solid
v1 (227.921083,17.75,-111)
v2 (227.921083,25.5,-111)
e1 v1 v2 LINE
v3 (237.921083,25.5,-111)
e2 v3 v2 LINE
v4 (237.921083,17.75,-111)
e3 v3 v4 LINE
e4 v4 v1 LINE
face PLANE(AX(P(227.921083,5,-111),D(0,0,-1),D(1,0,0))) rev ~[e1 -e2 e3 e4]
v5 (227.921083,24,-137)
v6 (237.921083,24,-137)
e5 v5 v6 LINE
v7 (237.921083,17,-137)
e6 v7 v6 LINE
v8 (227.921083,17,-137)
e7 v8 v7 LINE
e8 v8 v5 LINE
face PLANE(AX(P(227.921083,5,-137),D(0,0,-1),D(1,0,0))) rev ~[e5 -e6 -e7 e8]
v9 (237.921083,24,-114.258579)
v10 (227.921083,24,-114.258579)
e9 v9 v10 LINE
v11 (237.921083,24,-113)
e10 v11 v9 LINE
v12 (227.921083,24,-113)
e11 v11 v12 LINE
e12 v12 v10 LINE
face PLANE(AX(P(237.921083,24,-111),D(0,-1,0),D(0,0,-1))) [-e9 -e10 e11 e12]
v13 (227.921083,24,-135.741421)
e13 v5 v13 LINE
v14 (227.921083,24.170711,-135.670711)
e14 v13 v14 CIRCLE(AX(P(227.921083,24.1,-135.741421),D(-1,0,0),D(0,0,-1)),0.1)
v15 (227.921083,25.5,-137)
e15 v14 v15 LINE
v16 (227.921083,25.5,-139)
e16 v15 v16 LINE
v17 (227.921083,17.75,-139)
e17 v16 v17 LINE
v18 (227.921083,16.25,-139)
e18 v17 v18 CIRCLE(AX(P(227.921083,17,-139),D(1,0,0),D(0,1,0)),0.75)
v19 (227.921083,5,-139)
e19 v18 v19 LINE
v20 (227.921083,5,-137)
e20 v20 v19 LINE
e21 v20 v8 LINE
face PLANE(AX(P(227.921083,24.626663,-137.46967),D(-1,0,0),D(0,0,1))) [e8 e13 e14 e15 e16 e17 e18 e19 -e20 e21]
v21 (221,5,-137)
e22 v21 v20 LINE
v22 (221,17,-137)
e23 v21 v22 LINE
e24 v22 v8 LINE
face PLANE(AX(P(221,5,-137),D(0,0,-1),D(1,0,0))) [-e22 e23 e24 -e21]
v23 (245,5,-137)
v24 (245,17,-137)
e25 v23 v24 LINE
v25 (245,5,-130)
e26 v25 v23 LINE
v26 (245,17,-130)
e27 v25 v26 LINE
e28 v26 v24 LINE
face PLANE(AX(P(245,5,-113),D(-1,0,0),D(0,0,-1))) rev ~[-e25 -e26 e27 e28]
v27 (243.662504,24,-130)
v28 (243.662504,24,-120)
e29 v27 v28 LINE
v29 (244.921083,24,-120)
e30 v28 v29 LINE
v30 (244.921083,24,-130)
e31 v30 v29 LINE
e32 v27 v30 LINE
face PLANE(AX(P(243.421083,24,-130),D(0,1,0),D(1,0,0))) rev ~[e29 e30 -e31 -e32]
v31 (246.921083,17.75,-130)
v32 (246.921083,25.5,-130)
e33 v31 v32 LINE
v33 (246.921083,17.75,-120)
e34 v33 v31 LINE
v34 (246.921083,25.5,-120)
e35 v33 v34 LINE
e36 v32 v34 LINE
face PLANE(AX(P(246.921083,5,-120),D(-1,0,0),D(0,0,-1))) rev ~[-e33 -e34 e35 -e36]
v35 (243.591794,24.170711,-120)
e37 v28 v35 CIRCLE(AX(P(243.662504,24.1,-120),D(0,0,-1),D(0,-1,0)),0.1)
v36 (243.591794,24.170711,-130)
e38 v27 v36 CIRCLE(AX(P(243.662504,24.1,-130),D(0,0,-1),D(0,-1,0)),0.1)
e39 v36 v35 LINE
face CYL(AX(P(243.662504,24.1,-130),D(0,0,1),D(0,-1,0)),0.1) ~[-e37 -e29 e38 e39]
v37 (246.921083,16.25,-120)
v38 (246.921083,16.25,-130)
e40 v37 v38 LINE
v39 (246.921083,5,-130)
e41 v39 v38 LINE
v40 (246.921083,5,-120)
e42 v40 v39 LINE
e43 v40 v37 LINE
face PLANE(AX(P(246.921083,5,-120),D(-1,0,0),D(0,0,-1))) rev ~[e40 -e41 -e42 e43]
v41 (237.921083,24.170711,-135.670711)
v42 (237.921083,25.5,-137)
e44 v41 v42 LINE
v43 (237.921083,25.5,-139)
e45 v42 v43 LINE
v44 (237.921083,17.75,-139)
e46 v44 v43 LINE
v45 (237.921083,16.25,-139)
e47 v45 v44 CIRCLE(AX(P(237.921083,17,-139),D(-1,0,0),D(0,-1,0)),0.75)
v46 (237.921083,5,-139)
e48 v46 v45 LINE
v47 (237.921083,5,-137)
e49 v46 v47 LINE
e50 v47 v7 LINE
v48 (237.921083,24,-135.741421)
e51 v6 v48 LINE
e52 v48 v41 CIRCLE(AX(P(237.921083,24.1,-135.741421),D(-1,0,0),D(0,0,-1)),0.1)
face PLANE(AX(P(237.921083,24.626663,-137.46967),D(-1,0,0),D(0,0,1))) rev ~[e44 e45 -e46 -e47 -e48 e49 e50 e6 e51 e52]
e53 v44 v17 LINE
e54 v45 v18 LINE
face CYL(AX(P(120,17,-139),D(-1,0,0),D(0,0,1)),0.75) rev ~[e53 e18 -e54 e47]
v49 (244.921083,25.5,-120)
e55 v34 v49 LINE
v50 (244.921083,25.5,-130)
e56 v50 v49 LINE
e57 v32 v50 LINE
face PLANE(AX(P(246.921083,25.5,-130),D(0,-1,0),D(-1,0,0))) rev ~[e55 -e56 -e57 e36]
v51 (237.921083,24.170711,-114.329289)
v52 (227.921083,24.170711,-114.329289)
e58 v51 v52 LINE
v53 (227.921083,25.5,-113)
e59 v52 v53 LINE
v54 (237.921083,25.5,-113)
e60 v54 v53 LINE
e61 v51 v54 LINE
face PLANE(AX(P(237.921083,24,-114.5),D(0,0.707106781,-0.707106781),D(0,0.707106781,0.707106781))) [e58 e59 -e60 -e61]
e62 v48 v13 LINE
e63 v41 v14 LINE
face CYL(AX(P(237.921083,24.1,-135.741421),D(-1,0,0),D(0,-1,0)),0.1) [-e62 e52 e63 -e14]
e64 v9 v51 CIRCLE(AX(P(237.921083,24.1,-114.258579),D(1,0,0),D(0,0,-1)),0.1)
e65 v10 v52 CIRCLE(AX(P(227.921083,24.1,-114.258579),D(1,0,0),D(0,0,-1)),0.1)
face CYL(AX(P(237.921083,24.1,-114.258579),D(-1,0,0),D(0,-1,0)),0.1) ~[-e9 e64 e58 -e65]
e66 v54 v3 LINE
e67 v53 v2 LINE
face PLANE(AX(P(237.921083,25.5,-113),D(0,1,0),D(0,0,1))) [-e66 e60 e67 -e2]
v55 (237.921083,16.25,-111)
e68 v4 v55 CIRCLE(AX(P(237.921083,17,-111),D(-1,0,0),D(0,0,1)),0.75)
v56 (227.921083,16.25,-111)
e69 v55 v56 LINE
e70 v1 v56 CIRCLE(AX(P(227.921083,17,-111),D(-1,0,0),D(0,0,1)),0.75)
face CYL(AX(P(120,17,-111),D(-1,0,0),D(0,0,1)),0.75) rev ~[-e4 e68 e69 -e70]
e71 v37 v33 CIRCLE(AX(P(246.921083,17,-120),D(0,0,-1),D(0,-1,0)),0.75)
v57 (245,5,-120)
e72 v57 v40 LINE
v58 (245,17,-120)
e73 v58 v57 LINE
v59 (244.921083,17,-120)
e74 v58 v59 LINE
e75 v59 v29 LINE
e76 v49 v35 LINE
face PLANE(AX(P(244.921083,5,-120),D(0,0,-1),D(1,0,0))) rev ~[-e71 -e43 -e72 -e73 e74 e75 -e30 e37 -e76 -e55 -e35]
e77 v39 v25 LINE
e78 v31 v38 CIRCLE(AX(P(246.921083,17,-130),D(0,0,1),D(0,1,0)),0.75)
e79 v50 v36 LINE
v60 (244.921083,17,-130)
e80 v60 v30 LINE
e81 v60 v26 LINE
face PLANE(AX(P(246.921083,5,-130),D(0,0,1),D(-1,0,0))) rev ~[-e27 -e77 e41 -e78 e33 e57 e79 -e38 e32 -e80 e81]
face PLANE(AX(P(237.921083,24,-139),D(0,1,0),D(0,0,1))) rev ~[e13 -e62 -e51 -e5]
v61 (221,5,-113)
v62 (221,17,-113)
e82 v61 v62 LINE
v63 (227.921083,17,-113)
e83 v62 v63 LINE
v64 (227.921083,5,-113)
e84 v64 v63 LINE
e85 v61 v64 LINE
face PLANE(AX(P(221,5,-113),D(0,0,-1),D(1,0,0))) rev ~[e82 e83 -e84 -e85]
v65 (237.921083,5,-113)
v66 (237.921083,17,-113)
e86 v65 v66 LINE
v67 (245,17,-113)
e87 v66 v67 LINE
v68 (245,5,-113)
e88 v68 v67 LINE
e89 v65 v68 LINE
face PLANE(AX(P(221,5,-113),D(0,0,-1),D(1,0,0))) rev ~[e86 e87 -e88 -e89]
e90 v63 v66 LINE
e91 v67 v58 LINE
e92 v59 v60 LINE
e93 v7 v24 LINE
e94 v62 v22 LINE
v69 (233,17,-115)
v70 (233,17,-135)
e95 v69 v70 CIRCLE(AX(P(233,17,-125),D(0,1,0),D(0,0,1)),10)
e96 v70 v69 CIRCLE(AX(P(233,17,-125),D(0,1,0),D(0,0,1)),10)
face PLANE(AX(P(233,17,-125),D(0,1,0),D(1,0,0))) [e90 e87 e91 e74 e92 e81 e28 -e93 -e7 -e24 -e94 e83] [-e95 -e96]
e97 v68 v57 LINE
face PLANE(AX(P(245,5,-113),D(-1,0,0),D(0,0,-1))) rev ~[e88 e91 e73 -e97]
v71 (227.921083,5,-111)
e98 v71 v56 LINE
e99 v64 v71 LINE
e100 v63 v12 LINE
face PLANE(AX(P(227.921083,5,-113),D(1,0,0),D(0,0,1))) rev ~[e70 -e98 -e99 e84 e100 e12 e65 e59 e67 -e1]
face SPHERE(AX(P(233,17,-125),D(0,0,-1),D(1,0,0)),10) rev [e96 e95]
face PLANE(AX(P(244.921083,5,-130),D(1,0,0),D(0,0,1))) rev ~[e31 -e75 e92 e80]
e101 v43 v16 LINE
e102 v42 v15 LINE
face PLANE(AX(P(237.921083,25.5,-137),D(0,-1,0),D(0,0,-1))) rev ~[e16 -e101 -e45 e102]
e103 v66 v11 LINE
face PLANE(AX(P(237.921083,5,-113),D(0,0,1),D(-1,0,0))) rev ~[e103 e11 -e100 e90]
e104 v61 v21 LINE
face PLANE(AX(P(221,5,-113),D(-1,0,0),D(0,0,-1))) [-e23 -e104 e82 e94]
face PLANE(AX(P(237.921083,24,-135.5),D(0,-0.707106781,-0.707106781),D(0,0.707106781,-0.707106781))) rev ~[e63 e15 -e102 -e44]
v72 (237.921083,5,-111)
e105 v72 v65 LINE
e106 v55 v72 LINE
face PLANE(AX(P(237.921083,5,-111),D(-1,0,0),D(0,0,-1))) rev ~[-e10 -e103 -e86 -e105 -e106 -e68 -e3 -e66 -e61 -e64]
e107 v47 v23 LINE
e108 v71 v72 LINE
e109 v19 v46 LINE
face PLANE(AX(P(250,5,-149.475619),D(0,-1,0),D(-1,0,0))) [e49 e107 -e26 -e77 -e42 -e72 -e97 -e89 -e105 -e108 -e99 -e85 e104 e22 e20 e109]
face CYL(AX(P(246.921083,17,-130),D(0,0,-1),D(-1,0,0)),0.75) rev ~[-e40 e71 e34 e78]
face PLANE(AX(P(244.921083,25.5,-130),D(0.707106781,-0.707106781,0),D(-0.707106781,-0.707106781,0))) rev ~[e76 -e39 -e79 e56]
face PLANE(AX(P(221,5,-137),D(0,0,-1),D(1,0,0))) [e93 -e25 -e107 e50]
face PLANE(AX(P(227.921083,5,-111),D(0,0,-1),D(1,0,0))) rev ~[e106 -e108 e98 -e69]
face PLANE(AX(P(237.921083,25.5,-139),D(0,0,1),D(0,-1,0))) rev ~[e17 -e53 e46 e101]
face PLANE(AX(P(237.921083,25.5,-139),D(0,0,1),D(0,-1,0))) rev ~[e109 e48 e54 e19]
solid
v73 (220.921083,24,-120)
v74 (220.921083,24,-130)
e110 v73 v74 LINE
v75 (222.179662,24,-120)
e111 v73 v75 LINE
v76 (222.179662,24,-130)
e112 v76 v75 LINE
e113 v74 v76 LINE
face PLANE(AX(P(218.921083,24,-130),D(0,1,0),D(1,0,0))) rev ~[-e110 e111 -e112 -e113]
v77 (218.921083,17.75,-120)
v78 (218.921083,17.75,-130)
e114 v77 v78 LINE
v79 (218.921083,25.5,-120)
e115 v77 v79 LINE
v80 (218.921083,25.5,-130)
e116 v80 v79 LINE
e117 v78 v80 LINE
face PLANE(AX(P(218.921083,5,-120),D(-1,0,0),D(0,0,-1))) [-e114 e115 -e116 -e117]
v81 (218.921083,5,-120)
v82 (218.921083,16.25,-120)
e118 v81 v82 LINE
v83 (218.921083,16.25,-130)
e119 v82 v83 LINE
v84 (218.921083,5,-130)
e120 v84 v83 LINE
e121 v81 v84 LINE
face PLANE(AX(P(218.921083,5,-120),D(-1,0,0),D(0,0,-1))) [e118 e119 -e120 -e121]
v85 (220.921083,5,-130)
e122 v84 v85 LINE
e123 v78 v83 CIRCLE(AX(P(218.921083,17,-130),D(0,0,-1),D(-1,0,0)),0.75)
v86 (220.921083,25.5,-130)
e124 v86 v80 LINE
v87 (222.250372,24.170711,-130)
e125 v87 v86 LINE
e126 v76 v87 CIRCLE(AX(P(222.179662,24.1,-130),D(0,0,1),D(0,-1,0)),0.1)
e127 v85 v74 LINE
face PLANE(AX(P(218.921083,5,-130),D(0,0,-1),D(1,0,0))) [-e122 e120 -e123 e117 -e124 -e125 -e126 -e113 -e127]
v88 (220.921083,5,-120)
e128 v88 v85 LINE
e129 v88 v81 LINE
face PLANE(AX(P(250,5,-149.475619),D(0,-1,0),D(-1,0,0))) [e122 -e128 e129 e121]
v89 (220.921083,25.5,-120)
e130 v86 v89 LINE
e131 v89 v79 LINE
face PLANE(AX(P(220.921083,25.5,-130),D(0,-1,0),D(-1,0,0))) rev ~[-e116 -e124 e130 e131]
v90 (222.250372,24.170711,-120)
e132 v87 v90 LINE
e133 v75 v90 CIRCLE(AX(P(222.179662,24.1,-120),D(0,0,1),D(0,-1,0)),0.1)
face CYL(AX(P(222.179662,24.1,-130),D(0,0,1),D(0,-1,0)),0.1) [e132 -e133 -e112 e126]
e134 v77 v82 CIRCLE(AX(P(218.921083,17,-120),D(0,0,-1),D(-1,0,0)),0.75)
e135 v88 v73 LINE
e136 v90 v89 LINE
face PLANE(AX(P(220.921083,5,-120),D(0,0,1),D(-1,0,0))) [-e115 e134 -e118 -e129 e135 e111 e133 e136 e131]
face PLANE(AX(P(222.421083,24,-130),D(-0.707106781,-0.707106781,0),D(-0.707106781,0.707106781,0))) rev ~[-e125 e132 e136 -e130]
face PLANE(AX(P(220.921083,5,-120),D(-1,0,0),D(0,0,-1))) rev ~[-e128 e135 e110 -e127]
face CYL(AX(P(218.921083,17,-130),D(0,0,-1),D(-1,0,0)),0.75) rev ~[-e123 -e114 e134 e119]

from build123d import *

# Parameters (mm, degrees)
SKETCH1_W               = 250
SKETCH1_H               = 250
BOSS_EXTRUDE1_DEPTH     = 5
SKETCH2_W               = 24
SKETCH2_H               = 24
BOSS_EXTRUDE2_DEPTH     = 12
BOSS_EXTRUDE3_DEPTH     = 19
BOSS_EXTRUDE5_DEPTH     = 10
BOSS_EXTRUDE6_DEPTH     = 10
BOSS_EXTRUDE7_DEPTH     = 10
BOSS_EXTRUDE8_DEPTH     = 10
SKETCH12_R              = 0.75
CUT_EXTRUDE1_DEPTH      = 347.058798176
SKETCH13_R              = 0.75
CUT_EXTRUDE2_DEPTH      = 283.931528819
SKETCH14_R              = 0.75
CUT_EXTRUDE3_DEPTH      = 283.931528819
SKETCH15_R              = 0.75
CUT_EXTRUDE4_DEPTH      = 283.931528819
FILLET1_R               = 0.1
CUT_EXTRUDE5_DEPTH      = 2.3
CUT_EXTRUDE6_DEPTH      = 355.313759259
BOSS_EXTRUDE9_START     = -150
BOSS_EXTRUDE9_DEPTH     = 80
BOSS_EXTRUDE10_START    = 20
BOSS_EXTRUDE10_DEPTH    = 40
BOSS_EXTRUDE11_DEPTH    = 6
SKETCH22_W              = 22.6
SKETCH22_H              = 27
BOSS_EXTRUDE12_DEPTH    = 2
CUT_EXTRUDE7_START      = -4
SKETCH23_W              = 3
SKETCH23_H              = 8
CUT_EXTRUDE7_DEPTH      = 4
CUT_EXTRUDE8_DEPTH      = 6
BOSS_EXTRUDE13_START    = 5
BOSS_EXTRUDE13_DEPTH    = 3
BOSS_EXTRUDE14_START    = 5
BOSS_EXTRUDE14_DEPTH    = 3
CUT_EXTRUDE9_DEPTH      = 355.147215152
CUT_EXTRUDE9_DEPTH_BACK = 355.147215152
SKETCH29_W              = 55.476863103
SKETCH29_H              = 5
CUT_EXTRUDE10_DEPTH     = 257.874477746


with BuildPart() as part:
    # Sketch1 → Boss-Extrude1 (new body)
    with BuildSketch(Plane(origin=(0, 0, 0), x_dir=(1, 0, 0), z_dir=(0, 1, 0))):
        with Locations((125, 125)):
            Rectangle(SKETCH1_W, SKETCH1_H)
    extrude(amount=BOSS_EXTRUDE1_DEPTH)

    # Sketch2 → Boss-Extrude2 (add)
    with BuildSketch(Plane(origin=(0, 5, 0), x_dir=(1, 0, 0), z_dir=(0, 1, 0))):
        with Locations((125, 125)):
            Rectangle(SKETCH2_W, SKETCH2_H)
        with Locations((233, 125)):
            Rectangle(SKETCH2_W, SKETCH2_H)
        with Locations((125, 17.078916875)):
            Rectangle(SKETCH2_W, SKETCH2_H)
    extrude(amount=BOSS_EXTRUDE2_DEPTH)

    # Sketch4 → Cut-Revolve1 (revolve, cut)
    with BuildSketch(Plane(origin=(0, 17, 0), x_dir=(1, 0, 0), z_dir=(0, 1, 0))):
        with BuildLine():
            Line((125, 115), (125, 135))
            ThreePointArc((125, 135), (115, 125), (125, 115))
        make_face()
    revolve(axis=Axis((125, 17, -135), (0, 0, 1)), mode=Mode.SUBTRACT)

    # Sketch4<3> → Cut-Revolve2 (revolve, cut)
    with BuildSketch(Plane(origin=(0, 17, 0), x_dir=(1, 0, 0), z_dir=(0, 1, 0))):
        with BuildLine():
            Line((233, 135), (233, 115))
            ThreePointArc((233, 115), (243, 125), (233, 135))
        make_face()
    revolve(axis=Axis((233, 17, -135), (0, 0, 1)), mode=Mode.SUBTRACT)

    # Sketch4<4> → Cut-Revolve3 (revolve, cut)
    with BuildSketch(Plane(origin=(0, 17, 0), x_dir=(1, 0, 0), z_dir=(0, 1, 0))):
        with BuildLine():
            Line((125, 7), (125, 27))
            ThreePointArc((125, 27), (115, 17), (125, 7))
        make_face()
    revolve(axis=Axis((125, 17, -7), (0, 0, -1)), mode=Mode.SUBTRACT)

    # Sketch5 → Boss-Extrude3 (add)
    with BuildSketch(Plane(origin=(0, 5, 0), x_dir=(1, 0, 0), z_dir=(0, 1, 0))):
        Polygon((125, 137), (130, 137), (130, 139), (120, 139), (120, 137), align=None)
        Polygon((120, 113), (125, 113), (130, 113), (130, 111), (120, 111), align=None)
        Polygon((125, 29.078916875), (130, 29.078916875), (130, 31.078916875), (120, 31.078916875), (120, 29.078916875), align=None)
        Polygon((120, 5.078916875), (125, 5.078916875), (130, 5.078916875), (130, 3.078916875), (120, 3.078916875), align=None)
        Polygon((113, 130), (113, 125), (113, 120), (111, 120), (111, 130), align=None)
        Polygon((137, 125), (137, 120), (139, 120), (139, 130), (137, 130), align=None)
        Polygon((220.921083125, 130), (220.921083125, 125), (220.921083125, 120), (218.921083125, 120), (218.921083125, 130), align=None)
        Polygon((244.921083125, 125), (244.921083125, 120), (246.921083125, 120), (246.921083125, 130), (244.921083125, 130), align=None)
        Polygon((137, 12.078916875), (137, 17.078916875), (137, 22.078916875), (139, 22.078916875), (139, 12.078916875), align=None)
        Polygon((113, 17.078916875), (113, 22.078916875), (111, 22.078916875), (111, 12.078916875), (113, 12.078916875), align=None)
        Polygon((237.921083125, 137), (232.921083125, 137), (227.921083125, 137), (227.921083125, 139), (237.921083125, 139), align=None)
        Polygon((232.921083125, 113), (227.921083125, 113), (227.921083125, 111), (237.921083125, 111), (237.921083125, 113), align=None)
    extrude(amount=BOSS_EXTRUDE3_DEPTH)

    # Sketch8 → Boss-Extrude5 (add)
    with BuildSketch(Plane.ZY.offset(-120)):
        Polygon((-3.078916875, 24), (-6.578916875, 24), (-5.078916875, 25.5), (-3.078916875, 25.5), align=None)
        Polygon((-29.078916875, 25.5), (-27.578916875, 24), (-31.078916875, 24), (-31.078916875, 25.5), align=None)
        Polygon((-111, 24), (-114.5, 24), (-113, 25.5), (-111, 25.5), align=None)
        Polygon((-137, 25.5), (-135.5, 24), (-139, 24), (-139, 25.5), align=None)
    extrude(amount=-BOSS_EXTRUDE5_DEPTH)

    # Sketch9 → Boss-Extrude6 (add)
    with BuildSketch(Plane(origin=(0, 0, -130), x_dir=(-1, 0, 0), z_dir=(0, 0, -1))):
        Polygon((-111, 24), (-114.5, 24), (-113, 25.5), (-111, 25.5), align=None)
        Polygon((-137, 25.5), (-135.5, 24), (-139, 24), (-139, 25.5), align=None)
        Polygon((-218.921083125, 24), (-222.421083125, 24), (-220.921083125, 25.5), (-218.921083125, 25.5), align=None)
        Polygon((-244.921083125, 25.5), (-243.421083125, 24), (-246.921083125, 24), (-246.921083125, 25.5), align=None)
    extrude(amount=-BOSS_EXTRUDE6_DEPTH)

    # Sketch10 → Boss-Extrude7 (add)
    with BuildSketch(Plane(origin=(237.921083125, 0, 0), x_dir=(0, 0, -1), z_dir=(1, 0, 0))):
        Polygon((139, 24), (135.5, 24), (137, 25.5), (139, 25.5), align=None)
        Polygon((111, 25.5), (111, 24), (114.5, 24), (113, 25.5), align=None)
    extrude(amount=-BOSS_EXTRUDE7_DEPTH)

    # Sketch11 → Boss-Extrude8 (add)
    with BuildSketch(Plane.XY.offset(-12.078916875)):
        Polygon((139, 24), (135.5, 24), (137, 25.5), (139, 25.5), align=None)
        Polygon((111, 25.5), (111, 24), (114.5, 24), (113, 25.5), align=None)
    extrude(amount=-BOSS_EXTRUDE8_DEPTH)

    # Sketch12 → Cut-Extrude1 (cut, through all)
    with BuildSketch(Plane.XY.offset(-12.078916875)):
        with Locations((139, 17)):
            Circle(SKETCH12_R)
        with Locations((111, 17)):
            Circle(SKETCH12_R)
    extrude(amount=-CUT_EXTRUDE1_DEPTH, mode=Mode.SUBTRACT)

    # Sketch13 → Cut-Extrude2 (cut, through all)
    with BuildSketch(Plane.ZY.offset(-120)):
        with Locations((-111, 17)):
            Circle(SKETCH13_R)
        with Locations((-139, 17)):
            Circle(SKETCH13_R)
    extrude(amount=-CUT_EXTRUDE2_DEPTH, mode=Mode.SUBTRACT)

    # Sketch14 → Cut-Extrude3 (cut, through all)
    with BuildSketch(Plane(origin=(0, 0, -130), x_dir=(-1, 0, 0), z_dir=(0, 0, -1))):
        with Locations((-218.921083125, 17)):
            Circle(SKETCH14_R)
        with Locations((-246.921083125, 17)):
            Circle(SKETCH14_R)
    extrude(amount=-CUT_EXTRUDE3_DEPTH, mode=Mode.SUBTRACT)

    # Sketch15 → Cut-Extrude4 (cut, through all)
    with BuildSketch(Plane(origin=(130, 0, 0), x_dir=(0, 0, -1), z_dir=(1, 0, 0))):
        with Locations((31.078916875, 17)):
            Circle(SKETCH15_R)
        with Locations((3.078916875, 17)):
            Circle(SKETCH15_R)
    extrude(amount=-CUT_EXTRUDE4_DEPTH, mode=Mode.SUBTRACT)

    # Fillet1
    fillet1_edges = [part.edges().sort_by_distance(p)[0] for p in [
        (232.921083125, 24, -135.5),
        (243.421083125, 24, -125),
        (232.921083125, 24, -114.5),
        (222.421083125, 24, -125),
        (114.5, 24, -125),
        (125, 24, -135.5),
        (125, 24, -114.5),
        (135.5, 24, -125),
        (135.5, 24, -17.078916875),
        (125, 24, -6.578916875),
        (114.5, 24, -17.078916875),
        (125, 24, -27.578916875),
    ]]
    fillet(fillet1_edges, radius=FILLET1_R)

    # Sketch17 → Cut-Extrude5 (cut)
    with BuildSketch(Plane.XZ):
        with BuildLine():
            Line((125.35, -232.7), (124.65, -232.7))
            ThreePointArc((124.65, -232.7), (122.35, -235), (124.65, -237.3))
            Line((124.65, -237.3), (125, -237.3))
            Line((125, -237.3), (125.35, -237.3))
            ThreePointArc((125.35, -237.3), (127.65, -235), (125.35, -232.7))
        make_face()
        with BuildLine():
            ThreePointArc((12.7, -125.35), (15, -127.65), (17.3, -125.35))
            Line((17.3, -125.35), (17.3, -124.65))
            ThreePointArc((17.3, -124.65), (15, -122.35), (12.7, -124.65))
            Line((12.7, -124.65), (12.7, -125.35))
        make_face()
    extrude(amount=-CUT_EXTRUDE5_DEPTH, mode=Mode.SUBTRACT)

    # Sketch18 → Cut-Extrude6 (cut, through all)
    with BuildSketch(Plane.XZ.offset(-2.3)):
        with BuildLine():
            Line((12.843614135, -123.85), (17.156385865, -123.85))
            ThreePointArc((17.156385865, -123.85), (15, -122.35), (12.843614135, -123.85))
        make_face()
        with BuildLine():
            ThreePointArc((12.843614135, -126.15), (15, -127.65), (17.156385865, -126.15))
            Line((17.156385865, -126.15), (12.843614135, -126.15))
        make_face()
        with BuildLine():
            Line((123.85, -237.156385865), (123.85, -232.843614135))
            ThreePointArc((123.85, -232.843614135), (122.35, -235), (123.85, -237.156385865))
        make_face()
        with BuildLine():
            ThreePointArc((126.15, -237.156385865), (127.65, -235), (126.15, -232.843614135))
            Line((126.15, -232.843614135), (126.15, -237.156385865))
        make_face()
    extrude(amount=-CUT_EXTRUDE6_DEPTH, mode=Mode.SUBTRACT)

    # Sketch19 → Boss-Extrude9 (add)
    with BuildSketch(Plane.XY.offset(BOSS_EXTRUDE9_START)):
        with BuildLine():
            Line((120, 5), (121, 5))
            ThreePointArc((121, 5), (125, 9), (129, 5))
            Line((129, 5), (130, 5))
            ThreePointArc((130, 5), (125, 10), (120, 5))
        make_face()
    extrude(amount=-BOSS_EXTRUDE9_DEPTH)

    # Sketch20 → Boss-Extrude10 (add)
    with BuildSketch(Plane(origin=(0, 0, 0), x_dir=(0, 0, -1), z_dir=(1, 0, 0)).offset(BOSS_EXTRUDE10_START)):
        with BuildLine():
            Line((120, 5), (121, 5))
            ThreePointArc((121, 5), (125, 9), (129, 5))
            Line((129, 5), (130, 5))
            ThreePointArc((130, 5), (125, 10), (120, 5))
        make_face()
    extrude(amount=BOSS_EXTRUDE10_DEPTH)

    # Sketch21 → Boss-Extrude11 (add)
    with BuildSketch(Plane(origin=(0, 5, 0), x_dir=(1, 0, 0), z_dir=(0, 1, 0))):
        Polygon((85.204623334, 138.5), (65.604623334, 138.5), (65.604623334, 111.5), (85.204623334, 111.5), (88.204623334, 111.5), (88.204623334, 122.5), (85.204623334, 122.5), (85.204623334, 114.5), (68.604623334, 114.5), (68.604623334, 135.5), (85.204623334, 135.5), align=None)
    extrude(amount=BOSS_EXTRUDE11_DEPTH)

    # Sketch22 → Boss-Extrude12 (add)
    with BuildSketch(Plane(origin=(0, 11, 0), x_dir=(1, 0, 0), z_dir=(0, 1, 0))):
        with Locations((76.904623334, 125)):
            Rectangle(SKETCH22_W, SKETCH22_H)
    extrude(amount=BOSS_EXTRUDE12_DEPTH)

    # Sketch23 → Cut-Extrude7 (cut)
    with BuildSketch(Plane(origin=(0, 13, 0), x_dir=(1, 0, 0), z_dir=(0, 1, 0)).offset(CUT_EXTRUDE7_START)):
        with Locations((86.704623334, 118.5)):
            Rectangle(SKETCH23_W, SKETCH23_H)
    extrude(amount=-CUT_EXTRUDE7_DEPTH, mode=Mode.SUBTRACT)

    # Sketch24 → Cut-Extrude8 (cut)
    with BuildSketch(Plane.ZY.offset(-65.604623334)):
        with BuildLine():
            Line((-127, 5), (-123, 5))
            ThreePointArc((-123, 5), (-125, 7), (-127, 5))
        make_face()
    extrude(amount=-CUT_EXTRUDE8_DEPTH, mode=Mode.SUBTRACT)

    # Sketch26 → Boss-Extrude13 (add)
    with BuildSketch(Plane(origin=(0, 5, 0), x_dir=(1, 0, 0), z_dir=(0, 1, 0)).offset(BOSS_EXTRUDE13_START)):
        with BuildLine():
            Line((111, 130), (111, 128))
            ThreePointArc((111, 128), (108, 125), (111, 122))
            Line((111, 122), (111, 120))
            ThreePointArc((111, 120), (106, 125), (111, 130))
        make_face()
    extrude(amount=BOSS_EXTRUDE13_DEPTH)

    # Sketch27 → Boss-Extrude14 (add)
    with BuildSketch(Plane(origin=(0, 5, 0), x_dir=(1, 0, 0), z_dir=(0, 1, 0)).offset(BOSS_EXTRUDE14_START)):
        with BuildLine():
            Line((120, 139), (122, 139))
            ThreePointArc((122, 139), (125, 142), (128, 139))
            Line((128, 139), (130, 139))
            ThreePointArc((130, 139), (125, 144), (120, 139))
        make_face()
    extrude(amount=BOSS_EXTRUDE14_DEPTH)

    # Sketch28 → Cut-Extrude9 (cut, two sides: drawn at the far end of the back side and taken through both)
    with BuildSketch(Plane(origin=(0, 5, 0), x_dir=(1, 0, 0), z_dir=(0, 1, 0)).offset(-CUT_EXTRUDE9_DEPTH_BACK)):
        Polygon((250, 0), (250, 96.237969813), (194.523136897, 96.237969813), (194.523136897, 149.475619246), (250, 149.475619246), (250, 250), (0, 250), (0, 0), align=None)
    extrude(amount=CUT_EXTRUDE9_DEPTH + CUT_EXTRUDE9_DEPTH_BACK, mode=Mode.SUBTRACT)

    # Sketch29 → Cut-Extrude10 (cut, through all)
    with BuildSketch(Plane(origin=(0, 0, -149.475619246), x_dir=(-1, 0, 0), z_dir=(0, 0, -1))):
        with Locations((-222.261568449, 2.5)):
            Rectangle(SKETCH29_W, SKETCH29_H)
    extrude(amount=-CUT_EXTRUDE10_DEPTH, mode=Mode.SUBTRACT)


with BuildPart() as cut_extrude10_piece_1:
    # of the separate pieces the step leaves, piece 1, a body of its own (cut_extrude10_pieces)
    add(part.part.solids().sort_by_distance((237.921083125, 24, -114.258578644))[0])


with BuildPart() as cut_extrude10_piece_2:
    # of the separate pieces the step leaves, piece 2, a body of its own (cut_extrude10_pieces)
    add(part.part.solids().sort_by_distance((220.921083125, 5, -130))[0])


solid = Compound([cut_extrude10_piece_1.part, cut_extrude10_piece_2.part])
